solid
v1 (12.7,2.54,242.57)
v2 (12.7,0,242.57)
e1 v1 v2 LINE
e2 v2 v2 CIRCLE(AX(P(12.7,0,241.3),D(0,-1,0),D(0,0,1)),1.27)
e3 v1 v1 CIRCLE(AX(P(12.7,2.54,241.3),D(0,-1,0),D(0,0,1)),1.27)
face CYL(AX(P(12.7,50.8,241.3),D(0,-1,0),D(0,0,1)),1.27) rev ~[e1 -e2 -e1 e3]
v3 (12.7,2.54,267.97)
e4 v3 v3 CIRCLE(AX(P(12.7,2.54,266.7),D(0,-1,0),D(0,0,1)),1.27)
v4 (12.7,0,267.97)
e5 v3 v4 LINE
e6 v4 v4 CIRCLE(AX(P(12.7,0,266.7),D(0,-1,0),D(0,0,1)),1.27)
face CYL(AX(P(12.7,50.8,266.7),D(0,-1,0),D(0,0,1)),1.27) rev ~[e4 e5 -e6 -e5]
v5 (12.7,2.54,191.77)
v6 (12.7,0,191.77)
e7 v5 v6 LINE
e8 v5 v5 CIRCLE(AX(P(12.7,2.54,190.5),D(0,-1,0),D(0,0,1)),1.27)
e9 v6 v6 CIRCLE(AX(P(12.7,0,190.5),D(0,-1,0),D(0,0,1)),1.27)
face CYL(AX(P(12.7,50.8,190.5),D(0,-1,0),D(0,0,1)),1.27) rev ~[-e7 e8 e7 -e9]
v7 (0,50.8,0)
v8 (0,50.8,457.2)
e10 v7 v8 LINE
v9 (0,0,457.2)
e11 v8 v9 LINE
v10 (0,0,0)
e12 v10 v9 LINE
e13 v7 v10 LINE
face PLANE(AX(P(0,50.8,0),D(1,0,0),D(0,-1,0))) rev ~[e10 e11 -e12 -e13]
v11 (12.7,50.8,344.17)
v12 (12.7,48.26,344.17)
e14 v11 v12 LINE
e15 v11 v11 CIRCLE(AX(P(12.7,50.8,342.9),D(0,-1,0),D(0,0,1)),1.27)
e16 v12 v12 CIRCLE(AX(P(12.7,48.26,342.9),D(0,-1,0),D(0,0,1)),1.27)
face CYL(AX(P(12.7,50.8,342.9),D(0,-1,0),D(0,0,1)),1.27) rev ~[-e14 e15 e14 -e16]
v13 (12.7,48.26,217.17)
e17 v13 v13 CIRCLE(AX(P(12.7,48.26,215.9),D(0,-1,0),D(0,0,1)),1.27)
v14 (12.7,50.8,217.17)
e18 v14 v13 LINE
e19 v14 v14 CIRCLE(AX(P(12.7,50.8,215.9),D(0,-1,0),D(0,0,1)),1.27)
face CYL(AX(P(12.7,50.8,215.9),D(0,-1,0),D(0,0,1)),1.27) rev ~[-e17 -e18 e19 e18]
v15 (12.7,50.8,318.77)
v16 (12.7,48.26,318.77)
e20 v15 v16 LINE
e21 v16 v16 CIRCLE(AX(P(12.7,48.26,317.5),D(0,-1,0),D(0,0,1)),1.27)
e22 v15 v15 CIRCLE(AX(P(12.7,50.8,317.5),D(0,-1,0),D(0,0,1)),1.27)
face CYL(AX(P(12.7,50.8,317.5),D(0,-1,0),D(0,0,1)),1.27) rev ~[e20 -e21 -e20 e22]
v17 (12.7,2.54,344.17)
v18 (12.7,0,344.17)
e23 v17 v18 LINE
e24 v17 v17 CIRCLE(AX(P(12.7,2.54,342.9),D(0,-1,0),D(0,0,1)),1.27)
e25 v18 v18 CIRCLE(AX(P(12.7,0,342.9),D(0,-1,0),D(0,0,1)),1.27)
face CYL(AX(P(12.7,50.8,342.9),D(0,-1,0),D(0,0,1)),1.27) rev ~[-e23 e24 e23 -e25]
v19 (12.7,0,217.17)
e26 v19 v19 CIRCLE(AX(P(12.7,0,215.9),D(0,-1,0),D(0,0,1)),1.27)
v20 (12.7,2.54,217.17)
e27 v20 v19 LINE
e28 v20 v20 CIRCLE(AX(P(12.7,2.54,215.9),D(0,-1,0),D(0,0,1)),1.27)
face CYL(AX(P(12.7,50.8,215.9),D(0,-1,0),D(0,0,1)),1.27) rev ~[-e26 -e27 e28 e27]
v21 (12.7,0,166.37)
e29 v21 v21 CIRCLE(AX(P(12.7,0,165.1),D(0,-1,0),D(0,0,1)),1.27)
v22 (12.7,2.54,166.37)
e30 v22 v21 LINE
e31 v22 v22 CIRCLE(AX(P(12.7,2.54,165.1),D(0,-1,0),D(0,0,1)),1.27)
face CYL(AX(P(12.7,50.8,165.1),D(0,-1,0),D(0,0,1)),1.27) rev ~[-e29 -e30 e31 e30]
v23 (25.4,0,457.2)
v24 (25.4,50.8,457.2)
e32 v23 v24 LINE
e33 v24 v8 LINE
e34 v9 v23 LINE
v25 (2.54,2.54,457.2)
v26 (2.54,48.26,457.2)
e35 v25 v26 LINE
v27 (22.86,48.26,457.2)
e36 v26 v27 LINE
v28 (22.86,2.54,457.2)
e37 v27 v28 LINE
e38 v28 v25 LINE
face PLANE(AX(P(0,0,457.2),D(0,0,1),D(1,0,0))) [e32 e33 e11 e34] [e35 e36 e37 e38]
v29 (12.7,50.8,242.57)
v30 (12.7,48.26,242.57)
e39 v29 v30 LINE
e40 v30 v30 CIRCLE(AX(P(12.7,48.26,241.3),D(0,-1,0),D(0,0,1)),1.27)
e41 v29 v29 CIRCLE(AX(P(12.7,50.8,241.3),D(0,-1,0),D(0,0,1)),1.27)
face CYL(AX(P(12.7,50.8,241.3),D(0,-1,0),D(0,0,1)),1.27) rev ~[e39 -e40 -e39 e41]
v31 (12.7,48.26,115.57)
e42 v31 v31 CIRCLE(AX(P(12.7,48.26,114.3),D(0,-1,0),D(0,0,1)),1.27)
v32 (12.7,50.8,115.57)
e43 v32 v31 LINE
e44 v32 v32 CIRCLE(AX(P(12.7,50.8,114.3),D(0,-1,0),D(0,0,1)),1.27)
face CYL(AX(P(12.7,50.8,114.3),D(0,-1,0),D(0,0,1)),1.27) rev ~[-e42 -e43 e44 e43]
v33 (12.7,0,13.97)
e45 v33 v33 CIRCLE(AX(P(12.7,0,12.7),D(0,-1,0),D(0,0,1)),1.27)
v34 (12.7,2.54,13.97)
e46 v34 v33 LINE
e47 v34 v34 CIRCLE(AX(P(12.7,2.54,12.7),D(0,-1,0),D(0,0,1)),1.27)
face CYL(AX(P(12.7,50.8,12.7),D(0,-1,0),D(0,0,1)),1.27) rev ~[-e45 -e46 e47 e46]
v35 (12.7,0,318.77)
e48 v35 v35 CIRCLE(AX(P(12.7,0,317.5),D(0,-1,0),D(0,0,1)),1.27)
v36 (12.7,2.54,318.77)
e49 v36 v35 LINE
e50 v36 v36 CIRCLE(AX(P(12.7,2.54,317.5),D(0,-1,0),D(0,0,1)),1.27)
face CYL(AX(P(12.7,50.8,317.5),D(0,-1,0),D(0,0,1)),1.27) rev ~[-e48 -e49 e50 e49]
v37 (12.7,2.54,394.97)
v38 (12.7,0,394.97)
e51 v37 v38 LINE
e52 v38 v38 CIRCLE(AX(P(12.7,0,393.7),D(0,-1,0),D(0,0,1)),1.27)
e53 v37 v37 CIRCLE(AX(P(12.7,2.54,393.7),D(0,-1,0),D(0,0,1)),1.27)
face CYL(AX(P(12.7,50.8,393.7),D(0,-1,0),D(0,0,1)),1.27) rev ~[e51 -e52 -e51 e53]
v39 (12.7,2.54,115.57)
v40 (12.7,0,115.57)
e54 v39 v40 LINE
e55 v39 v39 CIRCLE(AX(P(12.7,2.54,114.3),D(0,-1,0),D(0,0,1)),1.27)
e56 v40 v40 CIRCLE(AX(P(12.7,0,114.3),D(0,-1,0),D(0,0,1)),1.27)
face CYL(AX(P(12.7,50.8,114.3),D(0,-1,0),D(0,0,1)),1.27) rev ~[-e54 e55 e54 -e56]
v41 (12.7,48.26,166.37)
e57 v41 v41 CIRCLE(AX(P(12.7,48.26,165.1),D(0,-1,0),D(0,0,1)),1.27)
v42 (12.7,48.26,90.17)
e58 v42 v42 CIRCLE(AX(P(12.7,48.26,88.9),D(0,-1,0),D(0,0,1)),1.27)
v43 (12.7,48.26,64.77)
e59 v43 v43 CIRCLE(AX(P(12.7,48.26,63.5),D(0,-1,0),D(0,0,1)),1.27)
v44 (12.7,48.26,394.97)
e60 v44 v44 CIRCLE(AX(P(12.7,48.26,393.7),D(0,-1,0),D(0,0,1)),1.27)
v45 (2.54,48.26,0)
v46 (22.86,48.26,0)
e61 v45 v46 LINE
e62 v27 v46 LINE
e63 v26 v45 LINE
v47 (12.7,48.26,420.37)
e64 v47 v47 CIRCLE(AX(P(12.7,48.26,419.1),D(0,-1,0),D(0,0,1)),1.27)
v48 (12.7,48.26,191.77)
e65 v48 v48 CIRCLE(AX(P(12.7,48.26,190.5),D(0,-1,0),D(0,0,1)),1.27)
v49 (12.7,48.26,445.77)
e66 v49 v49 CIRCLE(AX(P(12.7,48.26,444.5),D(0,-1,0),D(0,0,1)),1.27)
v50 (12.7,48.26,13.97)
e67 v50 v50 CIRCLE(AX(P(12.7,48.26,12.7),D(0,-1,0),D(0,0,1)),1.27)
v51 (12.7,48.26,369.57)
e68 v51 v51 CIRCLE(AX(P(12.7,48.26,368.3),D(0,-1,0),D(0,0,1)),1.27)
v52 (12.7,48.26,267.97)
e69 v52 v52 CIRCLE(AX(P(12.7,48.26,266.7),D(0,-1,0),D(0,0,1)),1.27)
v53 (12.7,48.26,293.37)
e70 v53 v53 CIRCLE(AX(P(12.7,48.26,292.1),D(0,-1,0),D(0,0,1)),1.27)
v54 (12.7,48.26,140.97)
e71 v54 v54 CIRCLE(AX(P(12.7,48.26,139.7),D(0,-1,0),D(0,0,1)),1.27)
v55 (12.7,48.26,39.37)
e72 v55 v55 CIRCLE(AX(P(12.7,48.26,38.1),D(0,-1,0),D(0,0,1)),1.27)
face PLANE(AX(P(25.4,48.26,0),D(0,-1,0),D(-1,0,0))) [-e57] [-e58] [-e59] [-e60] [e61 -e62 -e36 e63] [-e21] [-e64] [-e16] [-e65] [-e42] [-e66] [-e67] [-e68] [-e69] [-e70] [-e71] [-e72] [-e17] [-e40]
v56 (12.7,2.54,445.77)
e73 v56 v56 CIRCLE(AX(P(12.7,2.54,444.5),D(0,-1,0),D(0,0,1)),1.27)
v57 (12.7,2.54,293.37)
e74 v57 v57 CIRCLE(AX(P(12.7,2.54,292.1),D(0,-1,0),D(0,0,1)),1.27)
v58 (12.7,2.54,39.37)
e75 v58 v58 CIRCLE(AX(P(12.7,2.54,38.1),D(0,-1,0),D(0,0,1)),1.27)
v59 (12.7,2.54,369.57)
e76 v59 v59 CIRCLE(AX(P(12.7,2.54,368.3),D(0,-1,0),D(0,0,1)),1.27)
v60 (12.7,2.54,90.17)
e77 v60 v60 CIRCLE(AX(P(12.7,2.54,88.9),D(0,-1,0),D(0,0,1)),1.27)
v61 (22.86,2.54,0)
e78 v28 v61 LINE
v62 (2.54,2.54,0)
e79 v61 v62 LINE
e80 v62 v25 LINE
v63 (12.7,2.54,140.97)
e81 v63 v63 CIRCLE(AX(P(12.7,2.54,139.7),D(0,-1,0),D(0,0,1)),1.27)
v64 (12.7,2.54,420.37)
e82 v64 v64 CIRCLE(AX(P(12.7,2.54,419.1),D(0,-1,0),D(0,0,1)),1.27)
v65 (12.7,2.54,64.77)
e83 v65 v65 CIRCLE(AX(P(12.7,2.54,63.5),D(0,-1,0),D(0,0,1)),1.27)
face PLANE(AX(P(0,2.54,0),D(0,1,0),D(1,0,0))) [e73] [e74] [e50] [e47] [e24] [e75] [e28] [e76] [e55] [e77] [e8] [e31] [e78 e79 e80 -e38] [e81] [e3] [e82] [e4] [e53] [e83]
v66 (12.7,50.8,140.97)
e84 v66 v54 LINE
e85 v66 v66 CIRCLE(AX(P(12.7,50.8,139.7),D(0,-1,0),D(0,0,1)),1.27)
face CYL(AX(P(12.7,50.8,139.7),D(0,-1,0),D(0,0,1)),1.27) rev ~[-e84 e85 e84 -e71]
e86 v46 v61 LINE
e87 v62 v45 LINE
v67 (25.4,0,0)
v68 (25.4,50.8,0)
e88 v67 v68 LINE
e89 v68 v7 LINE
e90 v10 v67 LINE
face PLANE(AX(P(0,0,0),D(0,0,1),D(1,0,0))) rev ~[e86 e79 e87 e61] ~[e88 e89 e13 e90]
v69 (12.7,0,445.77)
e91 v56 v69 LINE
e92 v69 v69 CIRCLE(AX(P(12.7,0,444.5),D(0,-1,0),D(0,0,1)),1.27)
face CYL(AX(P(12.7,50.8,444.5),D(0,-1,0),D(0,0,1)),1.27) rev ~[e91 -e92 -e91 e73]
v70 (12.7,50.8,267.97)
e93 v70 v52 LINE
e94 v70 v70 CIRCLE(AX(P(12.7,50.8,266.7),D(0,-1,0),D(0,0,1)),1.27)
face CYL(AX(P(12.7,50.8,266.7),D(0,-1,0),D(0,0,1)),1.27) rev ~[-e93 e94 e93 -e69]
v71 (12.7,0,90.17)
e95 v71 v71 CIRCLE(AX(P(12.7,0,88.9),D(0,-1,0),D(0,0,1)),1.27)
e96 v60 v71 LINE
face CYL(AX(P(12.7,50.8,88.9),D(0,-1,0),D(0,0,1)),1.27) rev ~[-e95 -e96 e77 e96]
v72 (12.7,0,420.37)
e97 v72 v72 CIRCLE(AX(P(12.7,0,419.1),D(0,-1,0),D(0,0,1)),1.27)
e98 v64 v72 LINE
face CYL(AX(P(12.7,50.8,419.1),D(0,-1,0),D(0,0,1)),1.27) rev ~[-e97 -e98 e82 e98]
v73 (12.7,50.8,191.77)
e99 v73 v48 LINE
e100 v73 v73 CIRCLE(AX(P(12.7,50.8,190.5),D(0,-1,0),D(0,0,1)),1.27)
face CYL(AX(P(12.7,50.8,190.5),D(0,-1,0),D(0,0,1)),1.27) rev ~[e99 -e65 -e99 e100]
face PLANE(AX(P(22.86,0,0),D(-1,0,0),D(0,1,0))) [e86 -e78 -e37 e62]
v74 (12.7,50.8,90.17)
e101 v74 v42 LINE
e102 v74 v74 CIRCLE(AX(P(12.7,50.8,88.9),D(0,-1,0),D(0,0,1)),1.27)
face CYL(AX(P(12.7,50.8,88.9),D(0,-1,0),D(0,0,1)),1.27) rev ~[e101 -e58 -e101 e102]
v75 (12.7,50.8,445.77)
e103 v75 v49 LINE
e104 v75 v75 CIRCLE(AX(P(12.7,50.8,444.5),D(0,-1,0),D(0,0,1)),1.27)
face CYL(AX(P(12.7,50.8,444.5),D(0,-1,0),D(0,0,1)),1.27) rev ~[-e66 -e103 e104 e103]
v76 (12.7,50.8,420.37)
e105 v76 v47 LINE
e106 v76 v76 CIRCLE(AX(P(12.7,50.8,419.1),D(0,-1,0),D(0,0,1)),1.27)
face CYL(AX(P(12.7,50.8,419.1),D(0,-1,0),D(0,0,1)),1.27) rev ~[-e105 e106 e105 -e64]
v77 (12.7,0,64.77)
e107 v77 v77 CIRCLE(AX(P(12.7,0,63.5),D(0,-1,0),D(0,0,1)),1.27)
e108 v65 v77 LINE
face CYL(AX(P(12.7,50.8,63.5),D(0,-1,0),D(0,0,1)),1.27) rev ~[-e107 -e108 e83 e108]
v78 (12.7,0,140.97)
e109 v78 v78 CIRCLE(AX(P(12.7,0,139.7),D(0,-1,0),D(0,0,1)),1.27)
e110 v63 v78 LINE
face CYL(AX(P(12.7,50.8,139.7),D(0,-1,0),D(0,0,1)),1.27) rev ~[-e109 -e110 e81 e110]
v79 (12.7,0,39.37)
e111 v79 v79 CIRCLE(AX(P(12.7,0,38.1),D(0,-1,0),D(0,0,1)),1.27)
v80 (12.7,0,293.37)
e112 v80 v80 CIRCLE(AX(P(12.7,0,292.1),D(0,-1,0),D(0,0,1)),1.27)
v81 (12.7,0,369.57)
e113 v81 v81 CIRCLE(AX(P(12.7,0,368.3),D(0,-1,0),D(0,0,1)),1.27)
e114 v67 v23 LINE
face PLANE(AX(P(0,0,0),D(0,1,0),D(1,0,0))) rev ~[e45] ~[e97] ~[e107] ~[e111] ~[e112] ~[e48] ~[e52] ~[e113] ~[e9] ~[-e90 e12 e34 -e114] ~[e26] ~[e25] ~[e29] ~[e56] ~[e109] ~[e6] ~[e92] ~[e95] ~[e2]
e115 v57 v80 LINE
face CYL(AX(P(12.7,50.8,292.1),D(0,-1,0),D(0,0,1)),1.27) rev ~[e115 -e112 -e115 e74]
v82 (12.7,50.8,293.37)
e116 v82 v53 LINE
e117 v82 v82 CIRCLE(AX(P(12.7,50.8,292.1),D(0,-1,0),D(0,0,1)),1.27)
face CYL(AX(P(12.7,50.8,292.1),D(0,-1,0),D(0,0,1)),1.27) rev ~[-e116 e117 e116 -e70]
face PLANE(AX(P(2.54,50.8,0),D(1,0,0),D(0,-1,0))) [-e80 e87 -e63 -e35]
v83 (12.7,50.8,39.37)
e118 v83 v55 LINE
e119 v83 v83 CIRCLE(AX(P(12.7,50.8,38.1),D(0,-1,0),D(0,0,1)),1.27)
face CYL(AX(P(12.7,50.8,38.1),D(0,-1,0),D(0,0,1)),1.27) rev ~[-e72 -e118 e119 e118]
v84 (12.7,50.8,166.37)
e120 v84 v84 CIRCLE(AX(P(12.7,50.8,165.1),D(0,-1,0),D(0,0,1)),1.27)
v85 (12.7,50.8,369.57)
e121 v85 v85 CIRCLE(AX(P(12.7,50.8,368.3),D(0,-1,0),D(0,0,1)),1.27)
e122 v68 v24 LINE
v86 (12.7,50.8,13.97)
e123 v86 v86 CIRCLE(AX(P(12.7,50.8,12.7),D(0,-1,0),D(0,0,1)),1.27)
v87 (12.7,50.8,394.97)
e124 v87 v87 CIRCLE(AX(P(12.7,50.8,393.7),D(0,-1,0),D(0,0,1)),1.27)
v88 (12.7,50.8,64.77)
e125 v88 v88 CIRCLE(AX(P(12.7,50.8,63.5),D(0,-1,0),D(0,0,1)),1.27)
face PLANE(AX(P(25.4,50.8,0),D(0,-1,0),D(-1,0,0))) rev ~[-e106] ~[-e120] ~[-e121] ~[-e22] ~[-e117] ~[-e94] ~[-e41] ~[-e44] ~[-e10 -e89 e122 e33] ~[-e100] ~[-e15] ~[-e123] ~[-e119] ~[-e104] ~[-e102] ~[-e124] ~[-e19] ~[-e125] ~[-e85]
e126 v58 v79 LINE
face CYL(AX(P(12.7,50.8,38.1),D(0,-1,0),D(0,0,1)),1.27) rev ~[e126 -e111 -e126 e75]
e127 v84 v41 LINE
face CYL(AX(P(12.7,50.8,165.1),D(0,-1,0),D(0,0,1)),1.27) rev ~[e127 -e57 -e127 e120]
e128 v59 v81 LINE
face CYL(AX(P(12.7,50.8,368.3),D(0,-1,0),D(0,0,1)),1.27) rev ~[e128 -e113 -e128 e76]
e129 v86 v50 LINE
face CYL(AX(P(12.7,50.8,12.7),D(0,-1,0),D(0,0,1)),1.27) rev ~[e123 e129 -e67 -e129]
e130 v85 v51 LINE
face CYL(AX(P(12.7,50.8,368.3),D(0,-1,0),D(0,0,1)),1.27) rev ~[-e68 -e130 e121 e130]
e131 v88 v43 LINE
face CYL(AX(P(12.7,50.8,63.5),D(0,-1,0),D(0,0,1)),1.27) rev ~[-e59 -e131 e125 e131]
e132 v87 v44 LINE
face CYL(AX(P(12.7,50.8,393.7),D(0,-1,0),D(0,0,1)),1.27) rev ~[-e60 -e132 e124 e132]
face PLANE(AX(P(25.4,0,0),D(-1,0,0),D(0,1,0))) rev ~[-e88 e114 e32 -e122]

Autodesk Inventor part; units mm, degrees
ref_plane "YZ Plane" through (0, 0, 0) normal (1, 0, 0) x (0, 1, 0)
ref_plane "XZ Plane" through (0, 0, 0) normal (0, 1, 0) x (-1, 0, 0)
ref_plane "XY Plane" through (0, 0, 0) normal (0, 0, 1) x (1, 0, 0)
sketch "Sketch1" plane through (0, 0, 0) normal (0, 0, 1) x (1, 0, 0)
  line L0 (0, 0) -> (25.4, 0)
  line L1 (25.4, 0) -> (25.4, 50.8)
  line L2 (25.4, 50.8) -> (0, 50.8)
  line L3 (0, 50.8) -> (0, 0)
  dimension "d0" = 25.4
  dimension "d1" = 50.8
extrude "Extrusion1" add sketch "Sketch1" along normal blind 457.2
shell "Shell1" thickness 2.54 removed faces 2 at (8.4667, 33.8667, 0) at (8.4667, 33.8667, 457.2)
sketch "Sketch2" plane through (0, 50.8, 0) normal (0, 1, 0) x (1, 0, 0)
  line L0 (25.4, 0) -> (0, 0) projected
  line L1 (0, 0) -> (0, -457.2) projected
  point P0 (12.7, -12.7)
  point P1 (12.7, -38.1)
  point P2 (12.7, -63.5)
  point P3 (12.7, -88.9)
  point P4 (12.7, -114.3)
  point P5 (12.7, -139.7)
  point P6 (12.7, -165.1)
  point P7 (12.7, -190.5)
  point P8 (12.7, -215.9)
  point P9 (12.7, -241.3)
  point P10 (12.7, -266.7)
  point P11 (12.7, -292.1)
  point P12 (12.7, -317.5)
  point P13 (12.7, -342.9)
  point P14 (12.7, -368.3)
  point P15 (12.7, -393.7)
  point P16 (12.7, -419.1)
  point P17 (12.7, -444.5)
  point P18 (12.7, -469.9)
  point P19 (12.7, -495.3)
  point P20 (12.7, -520.7)
  point P21 (12.7, -546.1)
  point P22 (12.7, -571.5)
  point P23 (12.7, -596.9)
  point P24 (12.7, -622.3)
  point P25 (12.7, -647.7)
  point P26 (12.7, -673.1)
  point P27 (12.7, -698.5)
  point P28 (12.7, -723.9)
  point P29 (12.7, -749.3)
  point P30 (12.7, -774.7)
  dimension "d5" = 12.7
  dimension "d6" = 12.7
  dimension "d9" = 25.4
hole "Hole1" at (12.7, 50.8, 12.7) at (12.7, 50.8, 38.1) at (12.7, 50.8, 63.5) at (12.7, 50.8, 88.9) at (12.7, 50.8, 114.3) at (12.7, 50.8, 139.7) at (12.7, 50.8, 165.1) at (12.7, 50.8, 190.5) at (12.7, 50.8, 215.9) at (12.7, 50.8, 241.3) at (12.7, 50.8, 266.7) at (12.7, 50.8, 292.1) at (12.7, 50.8, 317.5) at (12.7, 50.8, 342.9) at (12.7, 50.8, 368.3) at (12.7, 50.8, 393.7) at (12.7, 50.8, 419.1) at (12.7, 50.8, 444.5) at (12.7, 50.8, 469.9) at (12.7, 50.8, 495.3) at (12.7, 50.8, 520.7) at (12.7, 50.8, 546.1) at (12.7, 50.8, 571.5) at (12.7, 50.8, 596.9) at (12.7, 50.8, 622.3) at (12.7, 50.8, 647.7) at (12.7, 50.8, 673.1) at (12.7, 50.8, 698.5) at (12.7, 50.8, 723.9) at (12.7, 50.8, 749.3) at (12.7, 50.8, 774.7) direction (0, -1, 0) diameter 2.54 depth 50.8 tip angle 118
properties part number "Cross Frame Rail" material "Aluminum 6061"
